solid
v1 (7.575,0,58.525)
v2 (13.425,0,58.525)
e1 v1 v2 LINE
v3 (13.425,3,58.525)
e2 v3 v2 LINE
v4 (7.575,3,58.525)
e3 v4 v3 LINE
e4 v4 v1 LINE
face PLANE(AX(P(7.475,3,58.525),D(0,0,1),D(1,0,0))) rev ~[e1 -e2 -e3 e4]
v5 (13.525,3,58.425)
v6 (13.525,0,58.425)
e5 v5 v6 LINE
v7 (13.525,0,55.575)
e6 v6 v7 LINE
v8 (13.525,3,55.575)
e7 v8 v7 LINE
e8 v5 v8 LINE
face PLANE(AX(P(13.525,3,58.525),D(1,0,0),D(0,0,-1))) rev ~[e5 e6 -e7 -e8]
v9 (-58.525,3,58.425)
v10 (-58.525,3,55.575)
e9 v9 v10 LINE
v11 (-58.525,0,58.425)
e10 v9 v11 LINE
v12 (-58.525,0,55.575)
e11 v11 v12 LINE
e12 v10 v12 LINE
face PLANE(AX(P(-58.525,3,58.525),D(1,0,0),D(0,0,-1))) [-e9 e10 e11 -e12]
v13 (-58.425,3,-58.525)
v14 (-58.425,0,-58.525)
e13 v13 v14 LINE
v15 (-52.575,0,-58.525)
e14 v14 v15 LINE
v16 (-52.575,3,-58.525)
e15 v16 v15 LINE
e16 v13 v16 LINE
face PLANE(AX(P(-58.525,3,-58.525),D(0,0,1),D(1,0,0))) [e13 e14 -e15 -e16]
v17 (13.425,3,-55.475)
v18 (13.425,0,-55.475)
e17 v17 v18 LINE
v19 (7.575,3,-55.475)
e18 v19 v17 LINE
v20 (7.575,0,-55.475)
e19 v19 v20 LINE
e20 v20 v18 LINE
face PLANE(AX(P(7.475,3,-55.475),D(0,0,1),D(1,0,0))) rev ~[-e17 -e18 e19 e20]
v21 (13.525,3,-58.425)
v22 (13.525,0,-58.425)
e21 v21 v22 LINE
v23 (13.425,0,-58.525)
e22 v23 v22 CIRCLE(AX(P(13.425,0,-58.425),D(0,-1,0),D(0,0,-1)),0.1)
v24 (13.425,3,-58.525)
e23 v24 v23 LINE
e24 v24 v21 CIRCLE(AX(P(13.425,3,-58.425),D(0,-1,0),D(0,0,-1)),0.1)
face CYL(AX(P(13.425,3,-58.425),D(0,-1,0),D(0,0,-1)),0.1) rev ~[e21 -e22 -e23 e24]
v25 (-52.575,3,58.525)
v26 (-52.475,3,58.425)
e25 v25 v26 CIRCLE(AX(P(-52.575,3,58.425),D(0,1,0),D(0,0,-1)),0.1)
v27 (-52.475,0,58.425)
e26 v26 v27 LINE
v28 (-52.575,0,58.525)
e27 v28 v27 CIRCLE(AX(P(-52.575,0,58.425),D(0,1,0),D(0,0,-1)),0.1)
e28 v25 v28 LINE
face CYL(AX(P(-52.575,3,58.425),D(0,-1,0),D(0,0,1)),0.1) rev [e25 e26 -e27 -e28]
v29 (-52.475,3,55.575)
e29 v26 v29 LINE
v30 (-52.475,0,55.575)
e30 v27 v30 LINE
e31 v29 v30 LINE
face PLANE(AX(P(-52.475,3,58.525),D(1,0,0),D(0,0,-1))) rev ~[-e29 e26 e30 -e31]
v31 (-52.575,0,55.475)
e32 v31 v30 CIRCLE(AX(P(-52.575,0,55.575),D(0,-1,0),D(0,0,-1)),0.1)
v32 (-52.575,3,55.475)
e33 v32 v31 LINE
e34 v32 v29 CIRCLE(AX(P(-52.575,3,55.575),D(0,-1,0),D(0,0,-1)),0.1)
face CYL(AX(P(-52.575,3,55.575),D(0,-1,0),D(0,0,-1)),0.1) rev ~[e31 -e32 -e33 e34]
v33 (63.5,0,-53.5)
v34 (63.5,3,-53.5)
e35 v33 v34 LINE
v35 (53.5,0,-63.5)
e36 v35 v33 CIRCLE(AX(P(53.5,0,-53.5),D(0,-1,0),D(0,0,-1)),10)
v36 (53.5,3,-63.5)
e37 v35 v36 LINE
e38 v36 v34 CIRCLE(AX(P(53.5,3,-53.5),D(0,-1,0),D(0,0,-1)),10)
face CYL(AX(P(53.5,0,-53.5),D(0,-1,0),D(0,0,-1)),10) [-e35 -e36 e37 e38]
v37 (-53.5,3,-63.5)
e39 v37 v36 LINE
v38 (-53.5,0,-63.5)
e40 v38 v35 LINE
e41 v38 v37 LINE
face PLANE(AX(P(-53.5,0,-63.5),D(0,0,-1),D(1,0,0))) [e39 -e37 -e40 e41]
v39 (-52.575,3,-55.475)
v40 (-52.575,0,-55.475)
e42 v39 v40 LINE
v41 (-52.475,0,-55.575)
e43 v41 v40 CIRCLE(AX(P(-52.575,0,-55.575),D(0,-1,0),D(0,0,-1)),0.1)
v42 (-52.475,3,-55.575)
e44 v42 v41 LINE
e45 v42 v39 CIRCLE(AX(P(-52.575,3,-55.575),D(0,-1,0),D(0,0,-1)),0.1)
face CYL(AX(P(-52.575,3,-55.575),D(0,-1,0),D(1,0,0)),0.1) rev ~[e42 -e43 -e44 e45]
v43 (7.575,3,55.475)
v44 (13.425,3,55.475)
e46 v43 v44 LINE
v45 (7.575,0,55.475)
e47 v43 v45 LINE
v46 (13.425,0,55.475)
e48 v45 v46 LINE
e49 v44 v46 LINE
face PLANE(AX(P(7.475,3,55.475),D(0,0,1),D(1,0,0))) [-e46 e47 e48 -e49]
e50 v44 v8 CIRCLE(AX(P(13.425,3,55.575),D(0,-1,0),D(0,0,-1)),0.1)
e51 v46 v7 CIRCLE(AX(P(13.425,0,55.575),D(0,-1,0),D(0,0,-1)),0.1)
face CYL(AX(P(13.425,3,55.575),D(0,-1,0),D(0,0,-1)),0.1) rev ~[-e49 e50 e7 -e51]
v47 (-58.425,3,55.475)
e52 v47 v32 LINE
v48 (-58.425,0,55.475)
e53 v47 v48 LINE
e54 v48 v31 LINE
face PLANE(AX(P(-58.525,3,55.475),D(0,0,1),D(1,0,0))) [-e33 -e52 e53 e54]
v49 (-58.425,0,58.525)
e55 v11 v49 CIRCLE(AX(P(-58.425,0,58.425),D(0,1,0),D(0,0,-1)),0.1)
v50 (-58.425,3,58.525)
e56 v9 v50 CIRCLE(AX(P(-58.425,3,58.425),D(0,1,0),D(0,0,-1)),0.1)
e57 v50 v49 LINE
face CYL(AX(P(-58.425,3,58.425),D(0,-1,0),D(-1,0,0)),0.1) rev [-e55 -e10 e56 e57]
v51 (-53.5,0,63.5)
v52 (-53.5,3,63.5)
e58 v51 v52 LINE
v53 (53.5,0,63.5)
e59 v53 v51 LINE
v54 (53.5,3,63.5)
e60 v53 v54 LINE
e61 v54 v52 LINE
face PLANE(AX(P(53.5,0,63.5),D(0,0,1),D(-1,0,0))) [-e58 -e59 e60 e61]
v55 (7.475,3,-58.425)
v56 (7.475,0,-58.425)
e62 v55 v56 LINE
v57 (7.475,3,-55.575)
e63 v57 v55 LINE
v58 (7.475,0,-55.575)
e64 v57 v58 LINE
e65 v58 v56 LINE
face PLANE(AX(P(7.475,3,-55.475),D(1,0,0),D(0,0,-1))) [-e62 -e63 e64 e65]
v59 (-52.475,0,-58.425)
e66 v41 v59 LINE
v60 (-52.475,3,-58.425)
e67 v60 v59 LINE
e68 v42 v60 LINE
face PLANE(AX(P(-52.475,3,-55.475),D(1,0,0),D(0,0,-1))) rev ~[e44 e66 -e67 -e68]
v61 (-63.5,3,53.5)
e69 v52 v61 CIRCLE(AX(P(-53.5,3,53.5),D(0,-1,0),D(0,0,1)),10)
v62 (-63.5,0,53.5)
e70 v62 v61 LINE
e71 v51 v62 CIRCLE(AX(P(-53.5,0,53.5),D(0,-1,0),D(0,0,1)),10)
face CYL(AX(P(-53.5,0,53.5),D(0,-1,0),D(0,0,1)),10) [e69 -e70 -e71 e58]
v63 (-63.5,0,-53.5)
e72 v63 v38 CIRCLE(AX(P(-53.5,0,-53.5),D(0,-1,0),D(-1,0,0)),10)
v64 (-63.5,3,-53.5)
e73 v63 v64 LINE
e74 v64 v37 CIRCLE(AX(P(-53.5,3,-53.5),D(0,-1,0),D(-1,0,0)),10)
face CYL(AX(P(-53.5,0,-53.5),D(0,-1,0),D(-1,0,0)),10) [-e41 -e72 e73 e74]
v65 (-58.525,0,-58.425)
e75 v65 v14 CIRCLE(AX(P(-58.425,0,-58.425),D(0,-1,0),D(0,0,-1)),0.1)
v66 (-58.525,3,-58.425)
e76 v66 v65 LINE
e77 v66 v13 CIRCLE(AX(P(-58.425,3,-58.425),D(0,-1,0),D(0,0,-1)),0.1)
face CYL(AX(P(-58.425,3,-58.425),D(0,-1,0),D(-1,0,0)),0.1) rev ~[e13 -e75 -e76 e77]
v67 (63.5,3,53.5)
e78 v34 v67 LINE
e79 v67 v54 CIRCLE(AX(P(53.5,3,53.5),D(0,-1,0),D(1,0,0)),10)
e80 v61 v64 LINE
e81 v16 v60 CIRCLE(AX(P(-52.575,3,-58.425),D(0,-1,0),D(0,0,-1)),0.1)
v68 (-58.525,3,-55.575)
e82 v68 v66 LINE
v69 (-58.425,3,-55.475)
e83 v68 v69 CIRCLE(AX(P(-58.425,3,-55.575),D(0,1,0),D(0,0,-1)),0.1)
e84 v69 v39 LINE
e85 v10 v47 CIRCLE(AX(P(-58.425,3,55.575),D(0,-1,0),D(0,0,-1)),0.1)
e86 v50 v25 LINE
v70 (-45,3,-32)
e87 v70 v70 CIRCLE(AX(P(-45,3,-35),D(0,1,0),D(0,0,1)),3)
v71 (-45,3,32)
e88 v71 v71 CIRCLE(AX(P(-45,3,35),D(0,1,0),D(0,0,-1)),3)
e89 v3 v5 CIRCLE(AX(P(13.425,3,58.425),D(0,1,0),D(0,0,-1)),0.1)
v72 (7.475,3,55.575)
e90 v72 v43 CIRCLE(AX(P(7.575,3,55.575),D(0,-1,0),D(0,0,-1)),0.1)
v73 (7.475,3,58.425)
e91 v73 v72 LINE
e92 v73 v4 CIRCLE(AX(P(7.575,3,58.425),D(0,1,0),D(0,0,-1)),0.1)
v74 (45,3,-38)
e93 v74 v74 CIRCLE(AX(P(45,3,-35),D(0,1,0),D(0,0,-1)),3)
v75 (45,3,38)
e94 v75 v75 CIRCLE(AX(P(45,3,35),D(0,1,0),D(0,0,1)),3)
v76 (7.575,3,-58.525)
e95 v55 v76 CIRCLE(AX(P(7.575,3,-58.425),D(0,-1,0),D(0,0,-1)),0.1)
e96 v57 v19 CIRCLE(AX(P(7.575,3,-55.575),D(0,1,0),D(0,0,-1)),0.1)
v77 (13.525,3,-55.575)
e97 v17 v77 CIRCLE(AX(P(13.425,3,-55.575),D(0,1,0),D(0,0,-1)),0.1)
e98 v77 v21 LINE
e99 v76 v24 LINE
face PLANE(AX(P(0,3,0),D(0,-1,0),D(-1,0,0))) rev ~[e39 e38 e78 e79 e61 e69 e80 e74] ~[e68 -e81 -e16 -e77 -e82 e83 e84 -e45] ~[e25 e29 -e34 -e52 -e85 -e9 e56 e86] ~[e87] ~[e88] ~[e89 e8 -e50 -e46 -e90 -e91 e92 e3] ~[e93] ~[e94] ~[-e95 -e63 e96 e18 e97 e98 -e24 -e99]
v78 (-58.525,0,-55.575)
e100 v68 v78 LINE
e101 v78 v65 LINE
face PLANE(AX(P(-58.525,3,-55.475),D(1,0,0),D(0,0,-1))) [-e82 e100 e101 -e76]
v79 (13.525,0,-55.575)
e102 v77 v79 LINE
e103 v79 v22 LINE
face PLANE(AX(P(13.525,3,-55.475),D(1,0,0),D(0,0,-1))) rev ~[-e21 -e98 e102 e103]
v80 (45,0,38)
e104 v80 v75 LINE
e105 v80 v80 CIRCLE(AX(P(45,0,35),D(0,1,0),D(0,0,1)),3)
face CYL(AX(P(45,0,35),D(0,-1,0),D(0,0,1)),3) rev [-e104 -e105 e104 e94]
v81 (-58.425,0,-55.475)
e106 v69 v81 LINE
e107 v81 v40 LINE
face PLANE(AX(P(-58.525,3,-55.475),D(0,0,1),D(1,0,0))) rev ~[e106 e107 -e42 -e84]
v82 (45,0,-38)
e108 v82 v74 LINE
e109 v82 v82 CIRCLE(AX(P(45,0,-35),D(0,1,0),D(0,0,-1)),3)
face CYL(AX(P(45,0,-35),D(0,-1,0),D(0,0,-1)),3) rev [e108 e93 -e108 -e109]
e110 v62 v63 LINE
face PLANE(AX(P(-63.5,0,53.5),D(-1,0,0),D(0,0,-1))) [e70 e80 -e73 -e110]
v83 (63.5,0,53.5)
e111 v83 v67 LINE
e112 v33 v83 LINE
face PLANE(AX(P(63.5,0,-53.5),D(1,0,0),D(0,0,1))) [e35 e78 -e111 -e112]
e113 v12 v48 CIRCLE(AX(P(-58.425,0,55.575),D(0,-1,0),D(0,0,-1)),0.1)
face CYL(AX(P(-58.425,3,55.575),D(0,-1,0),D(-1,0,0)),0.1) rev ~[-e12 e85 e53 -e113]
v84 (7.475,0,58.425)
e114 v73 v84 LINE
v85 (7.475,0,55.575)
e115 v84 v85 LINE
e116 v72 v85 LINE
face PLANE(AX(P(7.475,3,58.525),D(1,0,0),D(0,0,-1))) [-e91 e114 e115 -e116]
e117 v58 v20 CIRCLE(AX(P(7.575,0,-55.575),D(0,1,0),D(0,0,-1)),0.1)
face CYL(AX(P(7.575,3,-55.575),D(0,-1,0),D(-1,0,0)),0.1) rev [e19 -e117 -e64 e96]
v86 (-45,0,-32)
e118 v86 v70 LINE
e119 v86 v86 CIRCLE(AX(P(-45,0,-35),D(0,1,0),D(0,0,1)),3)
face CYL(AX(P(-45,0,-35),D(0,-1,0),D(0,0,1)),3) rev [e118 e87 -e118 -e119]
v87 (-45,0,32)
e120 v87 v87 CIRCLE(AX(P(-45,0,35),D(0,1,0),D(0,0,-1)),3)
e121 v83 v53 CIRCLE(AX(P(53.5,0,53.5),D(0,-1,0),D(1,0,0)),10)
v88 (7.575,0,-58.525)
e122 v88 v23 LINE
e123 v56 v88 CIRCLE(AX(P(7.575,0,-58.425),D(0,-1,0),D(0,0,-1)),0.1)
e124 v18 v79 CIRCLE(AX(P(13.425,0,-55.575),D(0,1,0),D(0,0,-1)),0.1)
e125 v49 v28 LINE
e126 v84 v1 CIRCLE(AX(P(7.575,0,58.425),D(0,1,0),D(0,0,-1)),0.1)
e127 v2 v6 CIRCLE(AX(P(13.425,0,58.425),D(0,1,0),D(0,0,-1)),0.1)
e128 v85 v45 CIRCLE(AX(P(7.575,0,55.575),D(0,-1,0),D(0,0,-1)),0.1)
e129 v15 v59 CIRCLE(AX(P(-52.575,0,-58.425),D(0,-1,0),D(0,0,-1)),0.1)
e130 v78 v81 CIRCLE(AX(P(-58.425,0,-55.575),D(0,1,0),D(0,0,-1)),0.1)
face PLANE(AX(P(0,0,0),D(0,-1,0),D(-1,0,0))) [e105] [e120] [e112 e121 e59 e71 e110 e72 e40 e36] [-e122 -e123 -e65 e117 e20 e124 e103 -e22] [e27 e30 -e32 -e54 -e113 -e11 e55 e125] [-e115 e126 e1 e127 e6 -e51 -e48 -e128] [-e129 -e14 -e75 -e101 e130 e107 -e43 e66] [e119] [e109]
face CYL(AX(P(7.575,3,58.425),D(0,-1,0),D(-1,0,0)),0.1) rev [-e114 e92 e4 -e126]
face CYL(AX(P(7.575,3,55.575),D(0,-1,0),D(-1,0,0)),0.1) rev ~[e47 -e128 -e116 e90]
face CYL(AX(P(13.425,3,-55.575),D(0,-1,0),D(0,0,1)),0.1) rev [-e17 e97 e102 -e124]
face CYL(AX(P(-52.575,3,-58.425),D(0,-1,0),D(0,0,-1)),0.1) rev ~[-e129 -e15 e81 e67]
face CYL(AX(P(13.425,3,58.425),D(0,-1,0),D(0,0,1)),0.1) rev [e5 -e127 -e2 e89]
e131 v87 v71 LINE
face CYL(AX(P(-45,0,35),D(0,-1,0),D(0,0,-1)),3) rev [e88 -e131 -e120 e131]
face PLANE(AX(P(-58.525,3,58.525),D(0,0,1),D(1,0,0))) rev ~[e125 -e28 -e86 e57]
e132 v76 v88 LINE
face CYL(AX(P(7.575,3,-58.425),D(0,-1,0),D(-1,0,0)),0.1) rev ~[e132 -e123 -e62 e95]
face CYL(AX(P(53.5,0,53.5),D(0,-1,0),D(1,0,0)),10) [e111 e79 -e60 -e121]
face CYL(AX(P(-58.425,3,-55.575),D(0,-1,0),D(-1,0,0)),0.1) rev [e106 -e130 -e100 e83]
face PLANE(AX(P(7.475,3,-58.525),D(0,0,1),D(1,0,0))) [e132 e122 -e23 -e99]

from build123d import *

# Parameters (mm, degrees)
SKETCH1_R           = 3
BOSS_EXTRUDE1_DEPTH = 3
CUT_EXTRUDE1_REACH  = 91.853
SKETCH2_W           = 6.05
SKETCH2_H           = 3.05
FILLET1_R           = 0.1


with BuildPart() as part:
    # Sketch1 → Boss-Extrude1 (new body)
    with BuildSketch(Plane(origin=(0, 0, 0), x_dir=(1, 0, 0), z_dir=(0, 1, 0))):
        with BuildLine():
            Line((-53.5, 63.5), (53.5, 63.5))
            ThreePointArc((53.5, 63.5), (60.571067812, 60.571067812), (63.5, 53.5))
            Line((63.5, 53.5), (63.5, -53.5))
            ThreePointArc((63.5, -53.5), (60.571067812, -60.571067812), (53.5, -63.5))
            Line((53.5, -63.5), (-53.5, -63.5))
            ThreePointArc((-53.5, -63.5), (-60.571067812, -60.571067812), (-63.5, -53.5))
            Line((-63.5, -53.5), (-63.5, 53.5))
            ThreePointArc((-63.5, 53.5), (-60.571067812, 60.571067812), (-53.5, 63.5))
        make_face()
        with Locations(Location((-45, 35, 0), (0, 0, 270))):
            Circle(SKETCH1_R, mode=Mode.SUBTRACT)
        with Locations(Location((45, 35, 0), (0, 0, 90))):
            Circle(SKETCH1_R, mode=Mode.SUBTRACT)
        with Locations(Location((45, -35, 0), (0, 0, 270))):
            Circle(SKETCH1_R, mode=Mode.SUBTRACT)
        with Locations(Location((-45, -35, 0), (0, 0, 90))):
            Circle(SKETCH1_R, mode=Mode.SUBTRACT)
    extrude(amount=BOSS_EXTRUDE1_DEPTH)

    # Sketch2 → Cut-Extrude1 (cut, up to next)
    with BuildSketch(Plane(origin=(0, 3, 0), x_dir=(1, 0, 0), z_dir=(0, 1, 0)), mode=Mode.PRIVATE) as cut_extrude1_sk1:
        with Locations((-55.5, -57)):
            Rectangle(SKETCH2_W, SKETCH2_H)
    cut_extrude1_tool1 = extrude(cut_extrude1_sk1.sketch, amount=-CUT_EXTRUDE1_REACH, mode=Mode.PRIVATE) & part.part
    # Sketch2 → Cut-Extrude1 (cut, up to next)
    with BuildSketch(Plane(origin=(0, 3, 0), x_dir=(1, 0, 0), z_dir=(0, 1, 0)), mode=Mode.PRIVATE) as cut_extrude1_sk2:
        with Locations((10.5, -57)):
            Rectangle(SKETCH2_W, SKETCH2_H)
    cut_extrude1_tool2 = extrude(cut_extrude1_sk2.sketch, amount=-CUT_EXTRUDE1_REACH, mode=Mode.PRIVATE) & part.part
    # Sketch2 → Cut-Extrude1 (cut, up to next)
    with BuildSketch(Plane(origin=(0, 3, 0), x_dir=(1, 0, 0), z_dir=(0, 1, 0)), mode=Mode.PRIVATE) as cut_extrude1_sk3:
        with Locations((10.5, 57)):
            Rectangle(SKETCH2_W, SKETCH2_H)
    cut_extrude1_tool3 = extrude(cut_extrude1_sk3.sketch, amount=-CUT_EXTRUDE1_REACH, mode=Mode.PRIVATE) & part.part
    # Sketch2 → Cut-Extrude1 (cut, up to next)
    with BuildSketch(Plane(origin=(0, 3, 0), x_dir=(1, 0, 0), z_dir=(0, 1, 0)), mode=Mode.PRIVATE) as cut_extrude1_sk4:
        with Locations((-55.5, 57)):
            Rectangle(SKETCH2_W, SKETCH2_H)
    cut_extrude1_tool4 = extrude(cut_extrude1_sk4.sketch, amount=-CUT_EXTRUDE1_REACH, mode=Mode.PRIVATE) & part.part
    add(cut_extrude1_tool1.solids().sort_by_distance((-55.5, 3, 57))[0], mode=Mode.SUBTRACT)
    add(cut_extrude1_tool2.solids().sort_by_distance((10.5, 3, 57))[0], mode=Mode.SUBTRACT)
    add(cut_extrude1_tool3.solids().sort_by_distance((10.5, 3, -57))[0], mode=Mode.SUBTRACT)
    add(cut_extrude1_tool4.solids().sort_by_distance((-55.5, 3, -57))[0], mode=Mode.SUBTRACT)

    # Fillet1
    fillet1_edges = [part.edges().sort_by_distance(p)[0] for p in [
        (13.525, 1.5, -58.525),
        (13.525, 1.5, -55.475),
        (7.475, 1.5, -55.475),
        (7.475, 1.5, -58.525),
        (-58.525, 1.5, 58.525),
        (-58.525, 1.5, 55.475),
        (-52.475, 1.5, 55.475),
        (-52.475, 1.5, 58.525),
        (13.525, 1.5, 55.475),
        (13.525, 1.5, 58.525),
        (7.475, 1.5, 58.525),
        (7.475, 1.5, 55.475),
        (-58.525, 1.5, -55.475),
        (-58.525, 1.5, -58.525),
        (-52.475, 1.5, -58.525),
        (-52.475, 1.5, -55.475),
    ]]
    fillet(fillet1_edges, radius=FILLET1_R)


solid = part.part
